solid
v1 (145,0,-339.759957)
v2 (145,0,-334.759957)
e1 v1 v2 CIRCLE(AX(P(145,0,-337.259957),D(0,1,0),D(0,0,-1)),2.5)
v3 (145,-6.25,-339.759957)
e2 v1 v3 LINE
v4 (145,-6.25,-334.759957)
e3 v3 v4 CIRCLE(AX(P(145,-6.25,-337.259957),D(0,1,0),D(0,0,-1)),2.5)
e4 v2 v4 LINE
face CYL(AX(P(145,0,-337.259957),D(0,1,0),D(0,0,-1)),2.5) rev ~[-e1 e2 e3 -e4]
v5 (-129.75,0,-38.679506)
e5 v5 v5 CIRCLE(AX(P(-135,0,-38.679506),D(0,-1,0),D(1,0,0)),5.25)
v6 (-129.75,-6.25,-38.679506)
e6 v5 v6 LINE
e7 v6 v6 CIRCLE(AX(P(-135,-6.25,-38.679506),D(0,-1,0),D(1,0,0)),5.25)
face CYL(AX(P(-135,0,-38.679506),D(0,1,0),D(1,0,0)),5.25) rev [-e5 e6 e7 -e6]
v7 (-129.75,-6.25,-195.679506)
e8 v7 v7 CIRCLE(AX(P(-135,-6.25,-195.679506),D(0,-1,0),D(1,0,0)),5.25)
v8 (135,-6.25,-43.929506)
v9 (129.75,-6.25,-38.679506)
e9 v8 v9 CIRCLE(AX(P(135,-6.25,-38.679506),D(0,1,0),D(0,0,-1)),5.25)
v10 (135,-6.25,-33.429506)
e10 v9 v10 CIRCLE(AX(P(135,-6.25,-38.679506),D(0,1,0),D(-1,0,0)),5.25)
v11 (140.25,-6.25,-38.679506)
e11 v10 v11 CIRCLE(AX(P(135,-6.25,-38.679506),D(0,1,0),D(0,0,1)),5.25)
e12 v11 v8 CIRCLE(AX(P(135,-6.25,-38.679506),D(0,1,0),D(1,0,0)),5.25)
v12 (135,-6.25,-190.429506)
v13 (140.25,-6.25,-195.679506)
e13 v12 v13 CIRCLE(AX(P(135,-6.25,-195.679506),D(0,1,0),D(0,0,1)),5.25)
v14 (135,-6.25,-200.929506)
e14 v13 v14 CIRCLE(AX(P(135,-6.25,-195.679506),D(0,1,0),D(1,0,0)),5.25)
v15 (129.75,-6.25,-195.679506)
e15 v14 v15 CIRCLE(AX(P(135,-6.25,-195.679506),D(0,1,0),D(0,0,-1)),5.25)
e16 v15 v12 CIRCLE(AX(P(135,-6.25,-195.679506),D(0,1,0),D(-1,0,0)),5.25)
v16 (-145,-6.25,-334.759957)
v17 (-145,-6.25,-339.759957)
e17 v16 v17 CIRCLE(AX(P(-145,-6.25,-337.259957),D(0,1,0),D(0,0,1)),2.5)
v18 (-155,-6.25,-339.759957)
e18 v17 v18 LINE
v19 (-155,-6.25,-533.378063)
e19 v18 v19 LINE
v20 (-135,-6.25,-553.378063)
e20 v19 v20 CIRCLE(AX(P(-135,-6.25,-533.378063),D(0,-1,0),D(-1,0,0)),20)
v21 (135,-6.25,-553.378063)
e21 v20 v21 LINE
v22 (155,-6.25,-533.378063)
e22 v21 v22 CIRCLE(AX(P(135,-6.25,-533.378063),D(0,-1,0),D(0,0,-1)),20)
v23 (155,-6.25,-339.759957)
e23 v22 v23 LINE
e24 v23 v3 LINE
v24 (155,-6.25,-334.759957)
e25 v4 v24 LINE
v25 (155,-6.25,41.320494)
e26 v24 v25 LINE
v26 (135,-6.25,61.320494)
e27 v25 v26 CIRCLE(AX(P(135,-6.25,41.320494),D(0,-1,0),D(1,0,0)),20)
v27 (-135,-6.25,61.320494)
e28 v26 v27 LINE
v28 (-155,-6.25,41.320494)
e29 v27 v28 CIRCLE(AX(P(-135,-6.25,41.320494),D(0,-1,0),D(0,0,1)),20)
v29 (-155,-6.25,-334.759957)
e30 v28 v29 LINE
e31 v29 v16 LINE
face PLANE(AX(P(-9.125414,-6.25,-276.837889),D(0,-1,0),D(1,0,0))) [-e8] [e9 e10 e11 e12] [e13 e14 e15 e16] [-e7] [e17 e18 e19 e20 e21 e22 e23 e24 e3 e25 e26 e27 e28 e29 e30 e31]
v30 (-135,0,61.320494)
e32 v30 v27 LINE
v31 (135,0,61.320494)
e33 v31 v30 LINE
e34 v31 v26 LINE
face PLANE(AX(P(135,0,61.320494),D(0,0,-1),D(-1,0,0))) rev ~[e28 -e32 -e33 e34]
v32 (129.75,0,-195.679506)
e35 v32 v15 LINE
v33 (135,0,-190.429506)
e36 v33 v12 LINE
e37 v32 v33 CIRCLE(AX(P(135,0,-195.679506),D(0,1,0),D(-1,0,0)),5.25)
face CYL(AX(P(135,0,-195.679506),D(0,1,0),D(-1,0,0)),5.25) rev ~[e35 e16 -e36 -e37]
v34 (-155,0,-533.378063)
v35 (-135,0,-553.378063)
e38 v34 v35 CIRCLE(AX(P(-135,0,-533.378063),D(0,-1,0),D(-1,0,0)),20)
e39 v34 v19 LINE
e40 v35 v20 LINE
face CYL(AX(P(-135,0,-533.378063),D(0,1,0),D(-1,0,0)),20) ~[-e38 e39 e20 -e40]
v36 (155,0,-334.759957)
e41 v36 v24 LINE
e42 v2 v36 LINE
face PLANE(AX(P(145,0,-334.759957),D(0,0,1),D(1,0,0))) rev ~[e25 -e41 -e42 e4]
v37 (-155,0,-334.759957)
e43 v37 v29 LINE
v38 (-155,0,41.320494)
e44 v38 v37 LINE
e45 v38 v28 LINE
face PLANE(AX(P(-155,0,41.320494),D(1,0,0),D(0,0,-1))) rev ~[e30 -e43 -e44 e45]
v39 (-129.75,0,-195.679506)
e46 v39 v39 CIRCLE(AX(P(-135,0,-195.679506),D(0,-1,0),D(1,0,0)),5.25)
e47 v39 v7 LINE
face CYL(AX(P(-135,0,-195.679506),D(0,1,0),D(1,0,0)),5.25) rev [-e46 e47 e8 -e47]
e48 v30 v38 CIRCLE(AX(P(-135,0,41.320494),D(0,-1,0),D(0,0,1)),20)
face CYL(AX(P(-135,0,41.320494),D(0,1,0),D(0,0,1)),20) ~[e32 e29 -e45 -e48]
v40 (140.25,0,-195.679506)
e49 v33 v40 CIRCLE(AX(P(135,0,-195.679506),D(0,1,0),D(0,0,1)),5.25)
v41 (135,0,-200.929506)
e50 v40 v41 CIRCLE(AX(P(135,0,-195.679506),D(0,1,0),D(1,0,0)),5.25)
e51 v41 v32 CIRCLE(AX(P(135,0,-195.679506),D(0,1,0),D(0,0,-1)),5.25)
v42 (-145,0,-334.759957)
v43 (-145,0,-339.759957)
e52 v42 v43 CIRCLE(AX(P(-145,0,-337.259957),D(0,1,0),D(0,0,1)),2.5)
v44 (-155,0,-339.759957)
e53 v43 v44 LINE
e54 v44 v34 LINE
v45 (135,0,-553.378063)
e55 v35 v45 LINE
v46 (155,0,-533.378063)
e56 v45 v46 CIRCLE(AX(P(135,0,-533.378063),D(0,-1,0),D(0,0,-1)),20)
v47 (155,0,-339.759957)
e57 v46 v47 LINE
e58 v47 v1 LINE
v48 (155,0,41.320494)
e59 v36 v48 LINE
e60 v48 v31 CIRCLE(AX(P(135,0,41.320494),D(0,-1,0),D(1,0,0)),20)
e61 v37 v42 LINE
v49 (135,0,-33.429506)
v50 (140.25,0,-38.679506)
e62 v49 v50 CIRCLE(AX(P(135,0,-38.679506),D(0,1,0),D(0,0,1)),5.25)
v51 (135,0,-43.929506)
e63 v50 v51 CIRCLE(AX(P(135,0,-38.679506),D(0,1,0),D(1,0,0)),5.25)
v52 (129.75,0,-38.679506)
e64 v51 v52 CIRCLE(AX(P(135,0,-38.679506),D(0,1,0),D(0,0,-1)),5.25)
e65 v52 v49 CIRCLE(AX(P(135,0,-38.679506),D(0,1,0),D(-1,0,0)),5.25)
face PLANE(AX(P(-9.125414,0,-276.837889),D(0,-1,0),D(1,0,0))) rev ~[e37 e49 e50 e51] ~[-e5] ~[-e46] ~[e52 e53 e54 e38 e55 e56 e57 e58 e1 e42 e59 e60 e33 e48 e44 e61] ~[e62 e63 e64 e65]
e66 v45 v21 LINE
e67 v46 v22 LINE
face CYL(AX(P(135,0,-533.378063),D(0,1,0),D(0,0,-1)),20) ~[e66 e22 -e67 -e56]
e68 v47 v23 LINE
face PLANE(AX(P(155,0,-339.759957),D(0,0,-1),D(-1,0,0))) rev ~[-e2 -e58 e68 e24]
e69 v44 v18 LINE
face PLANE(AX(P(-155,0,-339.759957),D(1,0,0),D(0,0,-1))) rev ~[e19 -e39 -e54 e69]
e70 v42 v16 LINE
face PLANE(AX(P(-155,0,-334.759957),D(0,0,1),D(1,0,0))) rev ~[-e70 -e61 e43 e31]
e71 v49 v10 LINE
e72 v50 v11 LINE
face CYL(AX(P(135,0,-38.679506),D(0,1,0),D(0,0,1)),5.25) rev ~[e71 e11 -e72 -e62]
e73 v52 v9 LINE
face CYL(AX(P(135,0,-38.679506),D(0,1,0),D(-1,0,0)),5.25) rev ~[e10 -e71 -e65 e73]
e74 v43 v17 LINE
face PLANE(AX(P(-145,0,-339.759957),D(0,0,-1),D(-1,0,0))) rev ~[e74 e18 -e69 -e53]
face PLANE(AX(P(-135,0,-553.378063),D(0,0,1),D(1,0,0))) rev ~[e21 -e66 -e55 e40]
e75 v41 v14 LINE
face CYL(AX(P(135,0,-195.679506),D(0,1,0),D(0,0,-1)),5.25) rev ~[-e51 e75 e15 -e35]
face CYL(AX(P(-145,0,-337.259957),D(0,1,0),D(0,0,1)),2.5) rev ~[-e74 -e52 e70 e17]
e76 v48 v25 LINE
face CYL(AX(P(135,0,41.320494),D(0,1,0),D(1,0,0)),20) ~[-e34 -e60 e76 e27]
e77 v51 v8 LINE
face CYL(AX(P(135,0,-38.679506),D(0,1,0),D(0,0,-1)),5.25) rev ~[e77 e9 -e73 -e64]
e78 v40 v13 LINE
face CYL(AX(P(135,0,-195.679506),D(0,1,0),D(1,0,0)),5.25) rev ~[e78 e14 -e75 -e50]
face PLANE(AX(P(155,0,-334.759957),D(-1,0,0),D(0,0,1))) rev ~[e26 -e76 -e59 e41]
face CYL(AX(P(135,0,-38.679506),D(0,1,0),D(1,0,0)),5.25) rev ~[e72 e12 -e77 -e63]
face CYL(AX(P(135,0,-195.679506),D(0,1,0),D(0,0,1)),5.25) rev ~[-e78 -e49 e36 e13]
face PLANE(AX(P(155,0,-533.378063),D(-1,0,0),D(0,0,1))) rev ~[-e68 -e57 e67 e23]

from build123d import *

# Parameters (mm, degrees)
F0_R     = 5.25
F1_DEPTH = 6.25


with BuildPart() as f1:
    # F0 (on Front) → F1 (new body)
    with BuildSketch(Plane.XZ):
        with BuildLine():
            Line((135, -337.2599571943), (0, -337.2599571943))
            Line((0, -337.2599571943), (0, -195.6795060433))
            Line((0, -195.6795060433), (0, -38.6795060433))
            Line((0, -38.6795060433), (0, 61.3204939567))
            Line((0, 61.3204939567), (-135, 61.3204939567))
            ThreePointArc((-135, 61.3204939567), (-149.1421356237, 55.4626295805), (-155, 41.3204939567))
            Line((-155, 41.3204939567), (-155, -334.7599571943))
            Line((-155, -334.7599571943), (-145, -334.7599571943))
            ThreePointArc((-145, -334.7599571943), (-142.5, -337.2599571943), (-145, -339.7599571943))
            Line((-145, -339.7599571943), (-155, -339.7599571943))
            Line((-155, -339.7599571943), (-155, -533.3780631419))
            ThreePointArc((-155, -533.3780631419), (-149.1421356237, -547.5201987656), (-135, -553.3780631419))
            Line((-135, -553.3780631419), (135, -553.3780631419))
            ThreePointArc((135, -553.3780631419), (149.1421356237, -547.5201987656), (155, -533.3780631419))
            Line((155, -533.3780631419), (155, -339.7599571943))
            Line((155, -339.7599571943), (145, -339.7599571943))
            ThreePointArc((145, -339.7599571943), (142.5, -337.2599571943), (145, -334.7599571943))
            Line((145, -334.7599571943), (155, -334.7599571943))
            Line((155, -334.7599571943), (155, -195.6795060433))
            Line((155, -195.6795060433), (140.25, -195.6795060433))
            ThreePointArc((140.25, -195.6795060433), (138.7123106012, -199.3918166445), (135, -200.9295060433))
            Line((135, -200.9295060433), (135, -337.2599571943))
        make_face()
        with Locations((-135, -195.6795060433)):
            Circle(F0_R, mode=Mode.SUBTRACT)
        with Locations((-135, -38.6795060433)):
            Circle(F0_R, mode=Mode.SUBTRACT)
        with BuildLine():
            Line((0, 61.3204939567), (0, -38.6795060433))
            Line((0, -38.6795060433), (129.75, -38.6795060433))
            ThreePointArc((129.75, -38.6795060433), (131.2876893988, -34.967195442), (135, -33.4295060433))
            Line((135, -33.4295060433), (135, 61.3204939567))
            Line((135, 61.3204939567), (0, 61.3204939567))
        make_face()
        with BuildLine():
            Line((135, -43.9295060433), (135, -190.4295060433))
            ThreePointArc((135, -190.4295060433), (138.7123106012, -191.967195442), (140.25, -195.6795060433))
            Line((140.25, -195.6795060433), (155, -195.6795060433))
            Line((155, -195.6795060433), (155, -38.6795060433))
            Line((155, -38.6795060433), (140.25, -38.6795060433))
            ThreePointArc((140.25, -38.6795060433), (138.7123106012, -42.3918166445), (135, -43.9295060433))
        make_face()
        with BuildLine():
            ThreePointArc((155, 41.3204939567), (149.1421356237, 55.4626295805), (135, 61.3204939567))
            Line((135, 61.3204939567), (135, -33.4295060433))
            ThreePointArc((135, -33.4295060433), (138.7123106012, -34.967195442), (140.25, -38.6795060433))
            Line((140.25, -38.6795060433), (155, -38.6795060433))
            Line((155, -38.6795060433), (155, 41.3204939567))
        make_face()
        with BuildLine():
            Line((0, -38.6795060433), (0, -195.6795060433))
            Line((0, -195.6795060433), (129.75, -195.6795060433))
            ThreePointArc((129.75, -195.6795060433), (131.2876893988, -191.967195442), (135, -190.4295060433))
            Line((135, -190.4295060433), (135, -43.9295060433))
            ThreePointArc((135, -43.9295060433), (131.2876893988, -42.3918166445), (129.75, -38.6795060433))
            Line((129.75, -38.6795060433), (0, -38.6795060433))
        make_face()
        with BuildLine():
            Line((0, -195.6795060433), (0, -337.2599571943))
            Line((0, -337.2599571943), (135, -337.2599571943))
            Line((135, -337.2599571943), (135, -200.9295060433))
            ThreePointArc((135, -200.9295060433), (131.2876893988, -199.3918166445), (129.75, -195.6795060433))
            Line((129.75, -195.6795060433), (0, -195.6795060433))
        make_face()
    extrude(amount=F1_DEPTH)


solid = f1.part
